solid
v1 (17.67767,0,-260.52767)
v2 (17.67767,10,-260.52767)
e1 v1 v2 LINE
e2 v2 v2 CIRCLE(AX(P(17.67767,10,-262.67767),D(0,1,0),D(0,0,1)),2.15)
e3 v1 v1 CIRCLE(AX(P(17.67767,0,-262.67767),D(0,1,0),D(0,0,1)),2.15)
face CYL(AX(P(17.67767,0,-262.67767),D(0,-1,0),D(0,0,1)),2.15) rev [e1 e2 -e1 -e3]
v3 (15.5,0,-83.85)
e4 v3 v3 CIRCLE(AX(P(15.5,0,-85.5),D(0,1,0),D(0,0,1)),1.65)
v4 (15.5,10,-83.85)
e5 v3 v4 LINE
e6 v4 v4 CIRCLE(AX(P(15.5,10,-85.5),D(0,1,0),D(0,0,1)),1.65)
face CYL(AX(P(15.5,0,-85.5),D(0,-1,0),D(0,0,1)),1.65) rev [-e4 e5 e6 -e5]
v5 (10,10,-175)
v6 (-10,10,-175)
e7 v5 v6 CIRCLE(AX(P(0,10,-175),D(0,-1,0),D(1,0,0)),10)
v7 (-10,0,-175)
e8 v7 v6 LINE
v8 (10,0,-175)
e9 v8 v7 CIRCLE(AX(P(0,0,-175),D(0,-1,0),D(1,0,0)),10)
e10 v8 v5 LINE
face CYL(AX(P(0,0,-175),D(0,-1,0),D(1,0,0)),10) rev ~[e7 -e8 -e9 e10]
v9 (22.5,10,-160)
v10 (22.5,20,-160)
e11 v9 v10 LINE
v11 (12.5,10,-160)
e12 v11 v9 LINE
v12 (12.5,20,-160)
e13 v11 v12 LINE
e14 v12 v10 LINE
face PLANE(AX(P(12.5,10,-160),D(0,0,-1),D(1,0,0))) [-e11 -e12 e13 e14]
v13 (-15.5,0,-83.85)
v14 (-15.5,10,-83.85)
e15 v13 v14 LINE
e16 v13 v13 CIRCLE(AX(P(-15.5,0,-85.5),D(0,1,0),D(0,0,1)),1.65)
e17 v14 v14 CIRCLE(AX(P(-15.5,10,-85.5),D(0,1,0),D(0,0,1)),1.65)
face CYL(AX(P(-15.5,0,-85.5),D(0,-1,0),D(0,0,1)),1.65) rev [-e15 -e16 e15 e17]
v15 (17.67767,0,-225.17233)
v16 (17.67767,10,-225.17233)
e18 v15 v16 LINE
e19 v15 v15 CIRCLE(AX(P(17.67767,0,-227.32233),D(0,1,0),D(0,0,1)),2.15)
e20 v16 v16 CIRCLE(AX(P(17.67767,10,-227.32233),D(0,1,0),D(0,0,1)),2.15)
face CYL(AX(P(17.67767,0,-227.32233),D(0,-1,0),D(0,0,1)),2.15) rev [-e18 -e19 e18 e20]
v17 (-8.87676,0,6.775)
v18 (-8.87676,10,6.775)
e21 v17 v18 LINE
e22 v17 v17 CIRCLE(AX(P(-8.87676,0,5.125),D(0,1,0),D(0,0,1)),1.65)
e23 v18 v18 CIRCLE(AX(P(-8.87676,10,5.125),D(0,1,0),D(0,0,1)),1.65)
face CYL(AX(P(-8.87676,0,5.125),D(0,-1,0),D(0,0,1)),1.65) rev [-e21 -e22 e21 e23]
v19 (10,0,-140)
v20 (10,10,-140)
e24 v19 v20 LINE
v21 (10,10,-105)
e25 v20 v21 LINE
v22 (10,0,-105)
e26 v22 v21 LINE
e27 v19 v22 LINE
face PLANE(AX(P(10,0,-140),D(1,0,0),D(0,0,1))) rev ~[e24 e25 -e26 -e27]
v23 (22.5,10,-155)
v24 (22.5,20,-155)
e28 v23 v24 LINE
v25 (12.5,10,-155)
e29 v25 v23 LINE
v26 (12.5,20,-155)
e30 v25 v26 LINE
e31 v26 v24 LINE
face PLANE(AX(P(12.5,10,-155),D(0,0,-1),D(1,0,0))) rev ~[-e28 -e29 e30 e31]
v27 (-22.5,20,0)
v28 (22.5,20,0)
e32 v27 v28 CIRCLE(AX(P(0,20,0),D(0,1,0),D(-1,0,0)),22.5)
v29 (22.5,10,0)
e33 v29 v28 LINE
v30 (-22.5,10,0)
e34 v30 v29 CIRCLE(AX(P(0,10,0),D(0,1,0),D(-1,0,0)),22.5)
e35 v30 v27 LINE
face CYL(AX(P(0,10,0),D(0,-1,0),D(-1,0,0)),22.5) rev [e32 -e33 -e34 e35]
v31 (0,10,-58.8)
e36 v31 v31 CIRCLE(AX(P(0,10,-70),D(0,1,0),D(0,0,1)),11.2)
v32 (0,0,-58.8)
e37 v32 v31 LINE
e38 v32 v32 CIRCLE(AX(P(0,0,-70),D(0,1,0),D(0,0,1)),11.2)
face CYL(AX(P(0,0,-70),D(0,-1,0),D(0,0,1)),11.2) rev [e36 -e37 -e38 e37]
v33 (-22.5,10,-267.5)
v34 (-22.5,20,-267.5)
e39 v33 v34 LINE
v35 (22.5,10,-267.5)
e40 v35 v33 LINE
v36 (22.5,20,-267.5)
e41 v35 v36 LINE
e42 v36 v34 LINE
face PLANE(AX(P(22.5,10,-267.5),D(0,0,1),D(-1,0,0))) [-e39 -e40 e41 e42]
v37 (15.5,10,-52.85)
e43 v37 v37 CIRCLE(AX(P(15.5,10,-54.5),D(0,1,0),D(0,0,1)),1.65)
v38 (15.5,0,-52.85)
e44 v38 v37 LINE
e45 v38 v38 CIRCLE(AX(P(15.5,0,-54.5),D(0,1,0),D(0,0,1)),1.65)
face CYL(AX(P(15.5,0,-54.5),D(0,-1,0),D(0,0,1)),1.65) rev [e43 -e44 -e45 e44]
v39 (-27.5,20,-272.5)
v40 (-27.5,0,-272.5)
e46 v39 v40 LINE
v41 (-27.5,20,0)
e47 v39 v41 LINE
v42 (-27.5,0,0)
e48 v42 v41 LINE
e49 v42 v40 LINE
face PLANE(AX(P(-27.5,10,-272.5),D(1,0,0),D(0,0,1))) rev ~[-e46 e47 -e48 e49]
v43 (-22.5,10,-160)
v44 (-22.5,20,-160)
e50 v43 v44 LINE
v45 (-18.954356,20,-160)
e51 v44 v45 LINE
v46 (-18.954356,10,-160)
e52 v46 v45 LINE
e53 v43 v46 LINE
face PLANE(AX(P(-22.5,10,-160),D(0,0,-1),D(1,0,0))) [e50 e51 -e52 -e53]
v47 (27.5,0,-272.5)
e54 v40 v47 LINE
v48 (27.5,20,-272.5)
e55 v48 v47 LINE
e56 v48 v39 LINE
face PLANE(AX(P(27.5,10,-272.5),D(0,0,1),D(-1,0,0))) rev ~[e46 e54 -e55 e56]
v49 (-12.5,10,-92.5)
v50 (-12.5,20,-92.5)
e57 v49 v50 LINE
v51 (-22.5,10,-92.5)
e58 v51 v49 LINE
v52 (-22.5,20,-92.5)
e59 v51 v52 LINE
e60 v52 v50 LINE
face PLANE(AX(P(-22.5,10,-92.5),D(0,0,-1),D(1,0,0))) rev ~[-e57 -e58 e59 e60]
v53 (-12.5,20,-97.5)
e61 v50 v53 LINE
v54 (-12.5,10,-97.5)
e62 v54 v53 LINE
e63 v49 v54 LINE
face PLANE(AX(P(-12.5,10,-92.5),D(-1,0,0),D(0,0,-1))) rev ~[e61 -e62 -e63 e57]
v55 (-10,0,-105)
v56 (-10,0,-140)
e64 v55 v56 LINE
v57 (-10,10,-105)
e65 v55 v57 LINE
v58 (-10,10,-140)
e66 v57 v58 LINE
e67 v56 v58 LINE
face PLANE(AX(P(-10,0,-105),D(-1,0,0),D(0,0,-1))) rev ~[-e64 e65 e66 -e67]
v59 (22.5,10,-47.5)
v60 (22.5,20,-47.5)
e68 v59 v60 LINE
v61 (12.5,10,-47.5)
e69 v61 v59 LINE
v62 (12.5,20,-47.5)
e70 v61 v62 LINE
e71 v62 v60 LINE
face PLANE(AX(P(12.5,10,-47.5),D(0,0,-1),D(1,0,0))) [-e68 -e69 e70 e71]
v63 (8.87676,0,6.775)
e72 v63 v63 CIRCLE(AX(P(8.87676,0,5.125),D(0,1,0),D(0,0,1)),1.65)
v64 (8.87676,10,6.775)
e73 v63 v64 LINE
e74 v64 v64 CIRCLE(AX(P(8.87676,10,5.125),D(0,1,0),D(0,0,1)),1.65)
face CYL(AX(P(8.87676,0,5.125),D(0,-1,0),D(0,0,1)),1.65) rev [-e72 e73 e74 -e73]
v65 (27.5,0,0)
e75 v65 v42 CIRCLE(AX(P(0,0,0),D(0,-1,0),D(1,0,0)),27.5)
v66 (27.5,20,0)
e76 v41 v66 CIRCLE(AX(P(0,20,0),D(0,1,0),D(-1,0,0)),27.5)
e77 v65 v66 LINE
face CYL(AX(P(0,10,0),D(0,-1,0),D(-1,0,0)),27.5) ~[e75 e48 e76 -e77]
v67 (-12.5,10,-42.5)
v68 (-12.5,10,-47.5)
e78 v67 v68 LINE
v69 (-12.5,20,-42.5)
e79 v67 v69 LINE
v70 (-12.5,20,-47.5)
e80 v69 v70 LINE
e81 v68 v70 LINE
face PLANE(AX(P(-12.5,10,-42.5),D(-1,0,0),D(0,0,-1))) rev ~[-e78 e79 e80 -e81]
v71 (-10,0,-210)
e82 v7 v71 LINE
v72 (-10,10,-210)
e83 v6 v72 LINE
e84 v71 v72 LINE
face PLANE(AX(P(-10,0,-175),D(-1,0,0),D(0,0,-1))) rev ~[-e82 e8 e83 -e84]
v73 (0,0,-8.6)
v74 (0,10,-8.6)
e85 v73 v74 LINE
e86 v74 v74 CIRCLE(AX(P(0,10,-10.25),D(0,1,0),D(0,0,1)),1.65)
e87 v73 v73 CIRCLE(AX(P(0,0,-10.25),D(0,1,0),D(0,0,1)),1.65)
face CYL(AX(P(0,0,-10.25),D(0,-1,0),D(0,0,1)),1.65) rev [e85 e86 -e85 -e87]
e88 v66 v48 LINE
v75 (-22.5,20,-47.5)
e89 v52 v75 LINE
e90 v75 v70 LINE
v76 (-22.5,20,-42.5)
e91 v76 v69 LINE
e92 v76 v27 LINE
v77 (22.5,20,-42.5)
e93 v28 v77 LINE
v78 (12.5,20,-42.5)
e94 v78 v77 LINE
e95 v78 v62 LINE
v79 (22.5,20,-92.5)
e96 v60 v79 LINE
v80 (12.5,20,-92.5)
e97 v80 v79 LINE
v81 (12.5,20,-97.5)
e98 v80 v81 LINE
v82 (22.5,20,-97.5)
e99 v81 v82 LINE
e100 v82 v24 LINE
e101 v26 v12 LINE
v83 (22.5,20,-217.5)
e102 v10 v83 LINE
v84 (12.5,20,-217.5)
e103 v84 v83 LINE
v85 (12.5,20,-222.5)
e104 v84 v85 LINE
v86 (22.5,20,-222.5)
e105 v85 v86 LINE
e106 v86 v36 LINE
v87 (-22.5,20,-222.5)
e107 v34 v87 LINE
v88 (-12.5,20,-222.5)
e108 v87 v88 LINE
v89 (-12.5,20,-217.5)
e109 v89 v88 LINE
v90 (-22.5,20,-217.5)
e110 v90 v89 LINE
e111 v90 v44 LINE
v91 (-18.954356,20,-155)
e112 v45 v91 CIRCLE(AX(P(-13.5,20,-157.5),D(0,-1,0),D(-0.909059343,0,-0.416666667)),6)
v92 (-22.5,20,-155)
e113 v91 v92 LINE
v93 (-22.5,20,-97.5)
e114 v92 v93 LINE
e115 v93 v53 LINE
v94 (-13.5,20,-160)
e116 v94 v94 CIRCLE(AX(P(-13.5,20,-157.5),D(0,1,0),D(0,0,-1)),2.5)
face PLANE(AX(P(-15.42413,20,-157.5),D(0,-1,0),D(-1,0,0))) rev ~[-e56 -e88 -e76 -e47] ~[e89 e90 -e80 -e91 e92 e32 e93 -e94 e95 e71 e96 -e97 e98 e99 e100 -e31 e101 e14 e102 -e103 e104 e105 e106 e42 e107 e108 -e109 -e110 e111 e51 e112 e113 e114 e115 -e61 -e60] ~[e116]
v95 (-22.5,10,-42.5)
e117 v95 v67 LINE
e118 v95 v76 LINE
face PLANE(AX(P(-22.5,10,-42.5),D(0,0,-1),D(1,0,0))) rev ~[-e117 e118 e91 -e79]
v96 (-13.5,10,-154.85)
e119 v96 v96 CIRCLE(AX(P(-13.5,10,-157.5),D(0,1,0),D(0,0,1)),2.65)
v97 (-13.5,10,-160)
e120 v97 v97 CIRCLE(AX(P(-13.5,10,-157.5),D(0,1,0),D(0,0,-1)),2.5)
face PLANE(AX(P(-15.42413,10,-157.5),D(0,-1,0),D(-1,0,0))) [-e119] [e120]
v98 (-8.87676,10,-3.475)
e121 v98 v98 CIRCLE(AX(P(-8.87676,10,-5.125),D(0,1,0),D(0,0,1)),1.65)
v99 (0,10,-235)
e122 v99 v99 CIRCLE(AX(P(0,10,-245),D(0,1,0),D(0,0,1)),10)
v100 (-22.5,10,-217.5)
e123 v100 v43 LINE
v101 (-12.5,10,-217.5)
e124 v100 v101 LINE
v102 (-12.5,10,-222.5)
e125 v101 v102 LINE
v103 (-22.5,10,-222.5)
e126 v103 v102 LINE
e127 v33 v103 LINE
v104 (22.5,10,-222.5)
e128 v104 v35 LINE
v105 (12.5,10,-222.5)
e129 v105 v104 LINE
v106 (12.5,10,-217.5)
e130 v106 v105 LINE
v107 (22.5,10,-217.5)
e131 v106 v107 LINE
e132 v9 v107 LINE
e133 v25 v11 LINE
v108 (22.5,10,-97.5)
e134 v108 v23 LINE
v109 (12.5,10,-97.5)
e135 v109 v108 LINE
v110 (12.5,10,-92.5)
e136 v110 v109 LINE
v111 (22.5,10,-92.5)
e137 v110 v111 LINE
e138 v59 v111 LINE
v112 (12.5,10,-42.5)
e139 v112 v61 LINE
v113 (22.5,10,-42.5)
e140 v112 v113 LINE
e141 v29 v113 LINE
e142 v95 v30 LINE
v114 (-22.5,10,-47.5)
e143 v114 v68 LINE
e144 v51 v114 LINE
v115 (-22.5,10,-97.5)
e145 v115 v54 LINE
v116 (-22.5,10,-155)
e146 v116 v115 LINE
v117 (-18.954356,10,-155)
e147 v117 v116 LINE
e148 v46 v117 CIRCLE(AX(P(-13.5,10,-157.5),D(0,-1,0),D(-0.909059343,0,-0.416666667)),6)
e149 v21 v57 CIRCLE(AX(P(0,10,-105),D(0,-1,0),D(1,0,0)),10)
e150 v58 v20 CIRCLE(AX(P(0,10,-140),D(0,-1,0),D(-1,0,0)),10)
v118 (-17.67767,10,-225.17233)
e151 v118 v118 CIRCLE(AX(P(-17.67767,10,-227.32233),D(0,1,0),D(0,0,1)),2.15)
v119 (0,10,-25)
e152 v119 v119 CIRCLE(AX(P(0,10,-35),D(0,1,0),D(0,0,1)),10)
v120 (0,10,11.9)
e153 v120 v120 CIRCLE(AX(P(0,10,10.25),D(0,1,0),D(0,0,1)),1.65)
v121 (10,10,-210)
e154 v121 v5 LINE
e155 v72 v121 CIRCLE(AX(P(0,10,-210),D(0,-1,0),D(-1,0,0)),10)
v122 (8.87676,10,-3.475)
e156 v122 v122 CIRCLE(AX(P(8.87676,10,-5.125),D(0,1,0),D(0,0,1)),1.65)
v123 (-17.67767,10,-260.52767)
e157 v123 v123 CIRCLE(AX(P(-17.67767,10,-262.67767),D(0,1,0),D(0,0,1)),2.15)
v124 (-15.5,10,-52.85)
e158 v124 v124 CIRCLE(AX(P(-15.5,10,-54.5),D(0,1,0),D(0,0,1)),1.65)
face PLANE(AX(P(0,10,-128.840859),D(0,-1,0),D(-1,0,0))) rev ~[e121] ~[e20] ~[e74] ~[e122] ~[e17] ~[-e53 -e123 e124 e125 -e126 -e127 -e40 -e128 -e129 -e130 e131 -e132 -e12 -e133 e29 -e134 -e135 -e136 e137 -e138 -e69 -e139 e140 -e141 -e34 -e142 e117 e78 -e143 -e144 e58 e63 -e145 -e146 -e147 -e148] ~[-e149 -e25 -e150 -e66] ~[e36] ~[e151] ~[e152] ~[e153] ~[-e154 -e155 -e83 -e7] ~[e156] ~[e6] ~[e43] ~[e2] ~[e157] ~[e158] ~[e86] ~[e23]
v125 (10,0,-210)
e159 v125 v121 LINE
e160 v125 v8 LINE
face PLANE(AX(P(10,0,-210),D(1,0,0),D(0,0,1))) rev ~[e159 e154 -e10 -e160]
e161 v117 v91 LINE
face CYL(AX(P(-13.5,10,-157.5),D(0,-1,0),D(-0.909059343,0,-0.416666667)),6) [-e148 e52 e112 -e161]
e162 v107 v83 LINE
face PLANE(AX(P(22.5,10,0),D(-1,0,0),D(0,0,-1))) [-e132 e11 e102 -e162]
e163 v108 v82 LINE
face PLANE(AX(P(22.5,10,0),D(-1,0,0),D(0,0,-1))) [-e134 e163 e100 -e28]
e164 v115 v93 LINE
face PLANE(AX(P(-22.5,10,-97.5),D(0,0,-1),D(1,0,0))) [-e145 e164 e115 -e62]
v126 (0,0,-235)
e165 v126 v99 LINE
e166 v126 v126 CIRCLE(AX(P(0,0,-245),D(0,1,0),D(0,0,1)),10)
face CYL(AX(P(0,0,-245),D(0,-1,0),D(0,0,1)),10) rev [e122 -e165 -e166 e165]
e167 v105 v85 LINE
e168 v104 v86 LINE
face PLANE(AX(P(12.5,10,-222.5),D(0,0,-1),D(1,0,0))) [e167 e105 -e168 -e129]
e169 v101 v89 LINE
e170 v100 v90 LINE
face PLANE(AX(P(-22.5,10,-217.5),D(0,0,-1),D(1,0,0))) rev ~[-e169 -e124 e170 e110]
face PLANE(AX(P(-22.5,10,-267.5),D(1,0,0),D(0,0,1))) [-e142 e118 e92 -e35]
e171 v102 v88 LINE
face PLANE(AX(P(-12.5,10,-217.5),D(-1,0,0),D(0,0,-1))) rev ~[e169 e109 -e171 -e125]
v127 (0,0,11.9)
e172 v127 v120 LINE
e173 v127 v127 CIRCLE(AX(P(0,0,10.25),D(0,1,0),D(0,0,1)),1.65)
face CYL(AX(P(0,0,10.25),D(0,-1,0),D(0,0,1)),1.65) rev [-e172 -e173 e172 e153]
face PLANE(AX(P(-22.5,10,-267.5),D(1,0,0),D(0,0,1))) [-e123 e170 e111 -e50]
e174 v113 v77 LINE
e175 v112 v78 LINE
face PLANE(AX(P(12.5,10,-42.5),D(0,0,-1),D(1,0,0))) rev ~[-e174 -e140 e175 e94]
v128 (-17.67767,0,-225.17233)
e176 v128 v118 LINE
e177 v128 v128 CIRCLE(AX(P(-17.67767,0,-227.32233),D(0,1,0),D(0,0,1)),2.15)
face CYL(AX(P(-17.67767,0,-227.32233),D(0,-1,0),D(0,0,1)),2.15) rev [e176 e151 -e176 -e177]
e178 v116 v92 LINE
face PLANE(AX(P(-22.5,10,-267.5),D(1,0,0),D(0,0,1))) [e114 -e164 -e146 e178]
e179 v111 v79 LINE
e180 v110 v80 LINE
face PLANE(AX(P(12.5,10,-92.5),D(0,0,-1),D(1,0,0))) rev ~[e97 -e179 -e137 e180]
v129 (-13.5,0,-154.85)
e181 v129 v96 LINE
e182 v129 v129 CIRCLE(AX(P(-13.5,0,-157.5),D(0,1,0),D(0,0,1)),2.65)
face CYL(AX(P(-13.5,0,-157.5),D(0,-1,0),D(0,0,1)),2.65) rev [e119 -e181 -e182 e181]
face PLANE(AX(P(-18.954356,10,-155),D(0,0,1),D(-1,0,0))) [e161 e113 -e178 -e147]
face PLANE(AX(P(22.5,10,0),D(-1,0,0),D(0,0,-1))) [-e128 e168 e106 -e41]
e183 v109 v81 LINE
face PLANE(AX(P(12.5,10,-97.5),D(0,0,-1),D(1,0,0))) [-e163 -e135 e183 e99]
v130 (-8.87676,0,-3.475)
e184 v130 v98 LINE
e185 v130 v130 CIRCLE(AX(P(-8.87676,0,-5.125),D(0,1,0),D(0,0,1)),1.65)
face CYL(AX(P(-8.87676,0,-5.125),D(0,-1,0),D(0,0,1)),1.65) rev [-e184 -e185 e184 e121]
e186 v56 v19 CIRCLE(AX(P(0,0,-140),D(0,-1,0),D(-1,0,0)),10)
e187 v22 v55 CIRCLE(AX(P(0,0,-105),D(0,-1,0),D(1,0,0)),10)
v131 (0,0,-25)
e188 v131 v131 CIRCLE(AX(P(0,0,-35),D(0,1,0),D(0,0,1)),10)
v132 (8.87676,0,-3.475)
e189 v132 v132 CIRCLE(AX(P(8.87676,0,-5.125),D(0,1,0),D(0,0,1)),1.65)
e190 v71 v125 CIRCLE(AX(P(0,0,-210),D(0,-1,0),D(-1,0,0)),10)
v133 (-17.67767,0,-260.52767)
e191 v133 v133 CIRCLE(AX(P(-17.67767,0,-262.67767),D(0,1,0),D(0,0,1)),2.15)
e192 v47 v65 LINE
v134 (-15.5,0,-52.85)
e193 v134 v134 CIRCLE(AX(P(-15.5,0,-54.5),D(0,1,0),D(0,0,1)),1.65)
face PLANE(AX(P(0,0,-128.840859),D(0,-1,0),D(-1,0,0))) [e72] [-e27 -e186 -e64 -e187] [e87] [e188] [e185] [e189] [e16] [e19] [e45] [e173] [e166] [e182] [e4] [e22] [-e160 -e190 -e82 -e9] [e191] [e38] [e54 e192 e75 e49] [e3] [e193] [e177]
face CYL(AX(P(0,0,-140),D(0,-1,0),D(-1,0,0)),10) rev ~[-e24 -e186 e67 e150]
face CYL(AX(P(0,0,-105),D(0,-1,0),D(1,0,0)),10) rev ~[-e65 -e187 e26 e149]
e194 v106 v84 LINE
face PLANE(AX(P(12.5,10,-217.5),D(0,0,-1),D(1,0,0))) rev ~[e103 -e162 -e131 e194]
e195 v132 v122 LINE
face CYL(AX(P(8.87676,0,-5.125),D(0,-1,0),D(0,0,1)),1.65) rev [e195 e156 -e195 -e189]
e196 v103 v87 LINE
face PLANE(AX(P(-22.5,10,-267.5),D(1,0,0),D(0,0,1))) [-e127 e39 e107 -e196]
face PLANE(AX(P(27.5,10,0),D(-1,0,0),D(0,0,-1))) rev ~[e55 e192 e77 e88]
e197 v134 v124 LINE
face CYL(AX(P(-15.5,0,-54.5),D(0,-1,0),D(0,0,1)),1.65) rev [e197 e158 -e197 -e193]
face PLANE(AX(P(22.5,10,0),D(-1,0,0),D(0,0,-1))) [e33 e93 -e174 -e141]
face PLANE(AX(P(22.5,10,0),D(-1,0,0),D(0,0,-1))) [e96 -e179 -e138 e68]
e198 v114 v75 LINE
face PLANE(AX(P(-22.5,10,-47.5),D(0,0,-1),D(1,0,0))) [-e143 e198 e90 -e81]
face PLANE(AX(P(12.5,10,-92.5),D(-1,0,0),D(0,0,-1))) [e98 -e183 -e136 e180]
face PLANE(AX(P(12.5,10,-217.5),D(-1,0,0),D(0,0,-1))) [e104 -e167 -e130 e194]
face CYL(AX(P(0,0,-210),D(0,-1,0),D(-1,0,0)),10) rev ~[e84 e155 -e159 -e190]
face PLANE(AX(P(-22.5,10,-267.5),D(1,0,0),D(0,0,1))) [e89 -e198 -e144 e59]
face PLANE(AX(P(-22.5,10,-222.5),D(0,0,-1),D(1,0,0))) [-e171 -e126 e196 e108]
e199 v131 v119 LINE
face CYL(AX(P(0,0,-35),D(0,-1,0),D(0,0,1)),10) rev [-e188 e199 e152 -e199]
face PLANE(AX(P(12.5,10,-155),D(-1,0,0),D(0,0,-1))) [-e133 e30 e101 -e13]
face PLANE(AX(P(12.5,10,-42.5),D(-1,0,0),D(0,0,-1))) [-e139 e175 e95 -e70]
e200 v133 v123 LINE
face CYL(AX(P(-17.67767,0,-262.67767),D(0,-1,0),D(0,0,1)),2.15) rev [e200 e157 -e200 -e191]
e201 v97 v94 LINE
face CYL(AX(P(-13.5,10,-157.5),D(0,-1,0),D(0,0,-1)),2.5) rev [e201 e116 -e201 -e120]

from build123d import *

# Parameters (mm, degrees)
SKETCH_1_R      = 1.65
SKETCH_1_R_2    = 2.15
SKETCH_1_R_3    = 10
SKETCH_1_R_4    = 11.2
SKETCH_1_R_5    = 2.65
EXTRUDE_1_DEPTH = 10
EXTRUDE_2_DEPTH = 10
SKETCH_4_W      = 10
SKETCH_4_H      = 5
SKETCH_4_R      = 2.5
EXTRUDE_3_DEPTH = 10


with BuildPart() as part:
    # 草图1 → 凸台-拉伸1 (new body)
    with BuildSketch(Plane(origin=(0, 0, 0), x_dir=(1, 0, 0), z_dir=(0, 1, 0))):
        with BuildLine():
            Line((-27.5, 0), (-27.5, 272.5))
            Line((-27.5, 272.5), (27.5, 272.5))
            Line((27.5, 272.5), (27.5, 0))
            ThreePointArc((27.5, 0), (0, -27.5), (-27.5, 0))
        make_face()
        with Locations(Location((0, 10.25, 0), (0, 0, 270))):
            Circle(SKETCH_1_R, mode=Mode.SUBTRACT)
        with Locations(Location((8.876760389, 5.125, 0), (0, 0, 270))):
            Circle(SKETCH_1_R, mode=Mode.SUBTRACT)
        with Locations(Location((8.876760389, -5.125, 0), (0, 0, 270))):
            Circle(SKETCH_1_R, mode=Mode.SUBTRACT)
        with Locations(Location((0, -10.25, 0), (0, 0, 270))):
            Circle(SKETCH_1_R, mode=Mode.SUBTRACT)
        with Locations(Location((-8.876760389, -5.125, 0), (0, 0, 270))):
            Circle(SKETCH_1_R, mode=Mode.SUBTRACT)
        with Locations(Location((-8.876760389, 5.125, 0), (0, 0, 270))):
            Circle(SKETCH_1_R, mode=Mode.SUBTRACT)
        with Locations(Location((-17.67766953, 262.67766953, 0), (0, 0, 270))):
            Circle(SKETCH_1_R_2, mode=Mode.SUBTRACT)
        with Locations(Location((17.67766953, 262.67766953, 0), (0, 0, 270))):
            Circle(SKETCH_1_R_2, mode=Mode.SUBTRACT)
        with Locations(Location((17.67766953, 227.32233047, 0), (0, 0, 270))):
            Circle(SKETCH_1_R_2, mode=Mode.SUBTRACT)
        with Locations(Location((-17.67766953, 227.32233047, 0), (0, 0, 270))):
            Circle(SKETCH_1_R_2, mode=Mode.SUBTRACT)
        with Locations(Location((0, 245, 0), (0, 0, 270))):
            Circle(SKETCH_1_R_3, mode=Mode.SUBTRACT)
        with Locations(Location((-15.5, 85.5, 0), (0, 0, 270))):
            Circle(SKETCH_1_R, mode=Mode.SUBTRACT)
        with Locations(Location((15.5, 85.5, 0), (0, 0, 270))):
            Circle(SKETCH_1_R, mode=Mode.SUBTRACT)
        with Locations(Location((15.5, 54.5, 0), (0, 0, 270))):
            Circle(SKETCH_1_R, mode=Mode.SUBTRACT)
        with Locations(Location((-15.5, 54.5, 0), (0, 0, 270))):
            Circle(SKETCH_1_R, mode=Mode.SUBTRACT)
        with Locations(Location((0, 70, 0), (0, 0, 270))):
            Circle(SKETCH_1_R_4, mode=Mode.SUBTRACT)
        with Locations(Location((0, 35, 0), (0, 0, 270))):
            Circle(SKETCH_1_R_3, mode=Mode.SUBTRACT)
        with Locations(Location((-13.5, 157.5, 0), (0, 0, 270))):
            Circle(SKETCH_1_R_5, mode=Mode.SUBTRACT)
        with BuildLine():
            Line((-10, 105), (-10, 140))
            ThreePointArc((-10, 140), (0, 150), (10, 140))
            Line((10, 140), (10, 105))
            ThreePointArc((10, 105), (0, 95), (-10, 105))
        make_face(mode=Mode.SUBTRACT)
        with BuildLine():
            Line((-10, 175), (-10, 210))
            ThreePointArc((-10, 210), (0, 220), (10, 210))
            Line((10, 210), (10, 175))
            ThreePointArc((10, 175), (0, 165), (-10, 175))
        make_face(mode=Mode.SUBTRACT)
    extrude(amount=EXTRUDE_1_DEPTH)

    # 草图2 → 凸台-拉伸2 (add)
    with BuildSketch(Plane(origin=(0, 10, 0), x_dir=(1, 0, 0), z_dir=(0, 1, 0))):
        with BuildLine():
            Line((-27.5, 272.5), (-27.5, 0))
            ThreePointArc((-27.5, 0), (0, -27.5), (27.5, 0))
            Line((27.5, 0), (27.5, 272.5))
            Line((27.5, 272.5), (-27.5, 272.5))
        make_face()
        with BuildLine():
            ThreePointArc((-22.5, 0), (0, -22.5), (22.5, 0))
            Line((22.5, 0), (22.5, 222.5))
            Line((22.5, 222.5), (22.5, 267.5))
            Line((22.5, 267.5), (-22.5, 267.5))
            Line((-22.5, 267.5), (-22.5, 222.5))
            Line((-22.5, 222.5), (-22.5, 0))
        make_face(mode=Mode.SUBTRACT)
    extrude(amount=EXTRUDE_2_DEPTH)

    # 草图4 → 凸台-拉伸3 (add)
    # profile 1 of 8: a face of its own
    with BuildSketch(Plane(origin=(0, 10, 0), x_dir=(1, 0, 0), z_dir=(0, 1, 0))):
        with Locations((-17.5, 95)):
            Rectangle(SKETCH_4_W, SKETCH_4_H)
    # profile 2 of 8: a face of its own
    with BuildSketch(Plane(origin=(0, 10, 0), x_dir=(1, 0, 0), z_dir=(0, 1, 0))):
        with Locations((-17.5, 220)):
            Rectangle(SKETCH_4_W, SKETCH_4_H)
    # profile 3 of 8: a face of its own
    with BuildSketch(Plane(origin=(0, 10, 0), x_dir=(1, 0, 0), z_dir=(0, 1, 0))):
        with Locations((17.5, 220)):
            Rectangle(SKETCH_4_W, SKETCH_4_H)
    # profile 4 of 8: a face of its own
    with BuildSketch(Plane(origin=(0, 10, 0), x_dir=(1, 0, 0), z_dir=(0, 1, 0))):
        with Locations((17.5, 95)):
            Rectangle(SKETCH_4_W, SKETCH_4_H)
    # profile 5 of 8: a face of its own
    with BuildSketch(Plane(origin=(0, 10, 0), x_dir=(1, 0, 0), z_dir=(0, 1, 0))):
        with Locations((-17.5, 45)):
            Rectangle(SKETCH_4_W, SKETCH_4_H)
    # profile 6 of 8: a face of its own
    with BuildSketch(Plane(origin=(0, 10, 0), x_dir=(1, 0, 0), z_dir=(0, 1, 0))):
        with Locations((17.5, 45)):
            Rectangle(SKETCH_4_W, SKETCH_4_H)
    # profile 7 of 8: a face of its own
    with BuildSketch(Plane(origin=(0, 10, 0), x_dir=(1, 0, 0), z_dir=(0, 1, 0))):
        with BuildLine():
            Line((-22.5, 155), (-22.5, 160))
            Line((-22.5, 160), (-18.954356057, 160))
            ThreePointArc((-18.954356057, 160), (-7.5, 157.5), (-18.954356057, 155))
            Line((-18.954356057, 155), (-22.5, 155))
        make_face()
        with Locations(Location((-13.5, 157.5, 0), (0, 0, 90))):
            Circle(SKETCH_4_R, mode=Mode.SUBTRACT)
    # profile 8 of 8: a face of its own
    with BuildSketch(Plane(origin=(0, 10, 0), x_dir=(1, 0, 0), z_dir=(0, 1, 0))):
        with Locations((17.5, 157.5)):
            Rectangle(SKETCH_4_W, SKETCH_4_H)
    extrude(amount=EXTRUDE_3_DEPTH)


solid = part.part
